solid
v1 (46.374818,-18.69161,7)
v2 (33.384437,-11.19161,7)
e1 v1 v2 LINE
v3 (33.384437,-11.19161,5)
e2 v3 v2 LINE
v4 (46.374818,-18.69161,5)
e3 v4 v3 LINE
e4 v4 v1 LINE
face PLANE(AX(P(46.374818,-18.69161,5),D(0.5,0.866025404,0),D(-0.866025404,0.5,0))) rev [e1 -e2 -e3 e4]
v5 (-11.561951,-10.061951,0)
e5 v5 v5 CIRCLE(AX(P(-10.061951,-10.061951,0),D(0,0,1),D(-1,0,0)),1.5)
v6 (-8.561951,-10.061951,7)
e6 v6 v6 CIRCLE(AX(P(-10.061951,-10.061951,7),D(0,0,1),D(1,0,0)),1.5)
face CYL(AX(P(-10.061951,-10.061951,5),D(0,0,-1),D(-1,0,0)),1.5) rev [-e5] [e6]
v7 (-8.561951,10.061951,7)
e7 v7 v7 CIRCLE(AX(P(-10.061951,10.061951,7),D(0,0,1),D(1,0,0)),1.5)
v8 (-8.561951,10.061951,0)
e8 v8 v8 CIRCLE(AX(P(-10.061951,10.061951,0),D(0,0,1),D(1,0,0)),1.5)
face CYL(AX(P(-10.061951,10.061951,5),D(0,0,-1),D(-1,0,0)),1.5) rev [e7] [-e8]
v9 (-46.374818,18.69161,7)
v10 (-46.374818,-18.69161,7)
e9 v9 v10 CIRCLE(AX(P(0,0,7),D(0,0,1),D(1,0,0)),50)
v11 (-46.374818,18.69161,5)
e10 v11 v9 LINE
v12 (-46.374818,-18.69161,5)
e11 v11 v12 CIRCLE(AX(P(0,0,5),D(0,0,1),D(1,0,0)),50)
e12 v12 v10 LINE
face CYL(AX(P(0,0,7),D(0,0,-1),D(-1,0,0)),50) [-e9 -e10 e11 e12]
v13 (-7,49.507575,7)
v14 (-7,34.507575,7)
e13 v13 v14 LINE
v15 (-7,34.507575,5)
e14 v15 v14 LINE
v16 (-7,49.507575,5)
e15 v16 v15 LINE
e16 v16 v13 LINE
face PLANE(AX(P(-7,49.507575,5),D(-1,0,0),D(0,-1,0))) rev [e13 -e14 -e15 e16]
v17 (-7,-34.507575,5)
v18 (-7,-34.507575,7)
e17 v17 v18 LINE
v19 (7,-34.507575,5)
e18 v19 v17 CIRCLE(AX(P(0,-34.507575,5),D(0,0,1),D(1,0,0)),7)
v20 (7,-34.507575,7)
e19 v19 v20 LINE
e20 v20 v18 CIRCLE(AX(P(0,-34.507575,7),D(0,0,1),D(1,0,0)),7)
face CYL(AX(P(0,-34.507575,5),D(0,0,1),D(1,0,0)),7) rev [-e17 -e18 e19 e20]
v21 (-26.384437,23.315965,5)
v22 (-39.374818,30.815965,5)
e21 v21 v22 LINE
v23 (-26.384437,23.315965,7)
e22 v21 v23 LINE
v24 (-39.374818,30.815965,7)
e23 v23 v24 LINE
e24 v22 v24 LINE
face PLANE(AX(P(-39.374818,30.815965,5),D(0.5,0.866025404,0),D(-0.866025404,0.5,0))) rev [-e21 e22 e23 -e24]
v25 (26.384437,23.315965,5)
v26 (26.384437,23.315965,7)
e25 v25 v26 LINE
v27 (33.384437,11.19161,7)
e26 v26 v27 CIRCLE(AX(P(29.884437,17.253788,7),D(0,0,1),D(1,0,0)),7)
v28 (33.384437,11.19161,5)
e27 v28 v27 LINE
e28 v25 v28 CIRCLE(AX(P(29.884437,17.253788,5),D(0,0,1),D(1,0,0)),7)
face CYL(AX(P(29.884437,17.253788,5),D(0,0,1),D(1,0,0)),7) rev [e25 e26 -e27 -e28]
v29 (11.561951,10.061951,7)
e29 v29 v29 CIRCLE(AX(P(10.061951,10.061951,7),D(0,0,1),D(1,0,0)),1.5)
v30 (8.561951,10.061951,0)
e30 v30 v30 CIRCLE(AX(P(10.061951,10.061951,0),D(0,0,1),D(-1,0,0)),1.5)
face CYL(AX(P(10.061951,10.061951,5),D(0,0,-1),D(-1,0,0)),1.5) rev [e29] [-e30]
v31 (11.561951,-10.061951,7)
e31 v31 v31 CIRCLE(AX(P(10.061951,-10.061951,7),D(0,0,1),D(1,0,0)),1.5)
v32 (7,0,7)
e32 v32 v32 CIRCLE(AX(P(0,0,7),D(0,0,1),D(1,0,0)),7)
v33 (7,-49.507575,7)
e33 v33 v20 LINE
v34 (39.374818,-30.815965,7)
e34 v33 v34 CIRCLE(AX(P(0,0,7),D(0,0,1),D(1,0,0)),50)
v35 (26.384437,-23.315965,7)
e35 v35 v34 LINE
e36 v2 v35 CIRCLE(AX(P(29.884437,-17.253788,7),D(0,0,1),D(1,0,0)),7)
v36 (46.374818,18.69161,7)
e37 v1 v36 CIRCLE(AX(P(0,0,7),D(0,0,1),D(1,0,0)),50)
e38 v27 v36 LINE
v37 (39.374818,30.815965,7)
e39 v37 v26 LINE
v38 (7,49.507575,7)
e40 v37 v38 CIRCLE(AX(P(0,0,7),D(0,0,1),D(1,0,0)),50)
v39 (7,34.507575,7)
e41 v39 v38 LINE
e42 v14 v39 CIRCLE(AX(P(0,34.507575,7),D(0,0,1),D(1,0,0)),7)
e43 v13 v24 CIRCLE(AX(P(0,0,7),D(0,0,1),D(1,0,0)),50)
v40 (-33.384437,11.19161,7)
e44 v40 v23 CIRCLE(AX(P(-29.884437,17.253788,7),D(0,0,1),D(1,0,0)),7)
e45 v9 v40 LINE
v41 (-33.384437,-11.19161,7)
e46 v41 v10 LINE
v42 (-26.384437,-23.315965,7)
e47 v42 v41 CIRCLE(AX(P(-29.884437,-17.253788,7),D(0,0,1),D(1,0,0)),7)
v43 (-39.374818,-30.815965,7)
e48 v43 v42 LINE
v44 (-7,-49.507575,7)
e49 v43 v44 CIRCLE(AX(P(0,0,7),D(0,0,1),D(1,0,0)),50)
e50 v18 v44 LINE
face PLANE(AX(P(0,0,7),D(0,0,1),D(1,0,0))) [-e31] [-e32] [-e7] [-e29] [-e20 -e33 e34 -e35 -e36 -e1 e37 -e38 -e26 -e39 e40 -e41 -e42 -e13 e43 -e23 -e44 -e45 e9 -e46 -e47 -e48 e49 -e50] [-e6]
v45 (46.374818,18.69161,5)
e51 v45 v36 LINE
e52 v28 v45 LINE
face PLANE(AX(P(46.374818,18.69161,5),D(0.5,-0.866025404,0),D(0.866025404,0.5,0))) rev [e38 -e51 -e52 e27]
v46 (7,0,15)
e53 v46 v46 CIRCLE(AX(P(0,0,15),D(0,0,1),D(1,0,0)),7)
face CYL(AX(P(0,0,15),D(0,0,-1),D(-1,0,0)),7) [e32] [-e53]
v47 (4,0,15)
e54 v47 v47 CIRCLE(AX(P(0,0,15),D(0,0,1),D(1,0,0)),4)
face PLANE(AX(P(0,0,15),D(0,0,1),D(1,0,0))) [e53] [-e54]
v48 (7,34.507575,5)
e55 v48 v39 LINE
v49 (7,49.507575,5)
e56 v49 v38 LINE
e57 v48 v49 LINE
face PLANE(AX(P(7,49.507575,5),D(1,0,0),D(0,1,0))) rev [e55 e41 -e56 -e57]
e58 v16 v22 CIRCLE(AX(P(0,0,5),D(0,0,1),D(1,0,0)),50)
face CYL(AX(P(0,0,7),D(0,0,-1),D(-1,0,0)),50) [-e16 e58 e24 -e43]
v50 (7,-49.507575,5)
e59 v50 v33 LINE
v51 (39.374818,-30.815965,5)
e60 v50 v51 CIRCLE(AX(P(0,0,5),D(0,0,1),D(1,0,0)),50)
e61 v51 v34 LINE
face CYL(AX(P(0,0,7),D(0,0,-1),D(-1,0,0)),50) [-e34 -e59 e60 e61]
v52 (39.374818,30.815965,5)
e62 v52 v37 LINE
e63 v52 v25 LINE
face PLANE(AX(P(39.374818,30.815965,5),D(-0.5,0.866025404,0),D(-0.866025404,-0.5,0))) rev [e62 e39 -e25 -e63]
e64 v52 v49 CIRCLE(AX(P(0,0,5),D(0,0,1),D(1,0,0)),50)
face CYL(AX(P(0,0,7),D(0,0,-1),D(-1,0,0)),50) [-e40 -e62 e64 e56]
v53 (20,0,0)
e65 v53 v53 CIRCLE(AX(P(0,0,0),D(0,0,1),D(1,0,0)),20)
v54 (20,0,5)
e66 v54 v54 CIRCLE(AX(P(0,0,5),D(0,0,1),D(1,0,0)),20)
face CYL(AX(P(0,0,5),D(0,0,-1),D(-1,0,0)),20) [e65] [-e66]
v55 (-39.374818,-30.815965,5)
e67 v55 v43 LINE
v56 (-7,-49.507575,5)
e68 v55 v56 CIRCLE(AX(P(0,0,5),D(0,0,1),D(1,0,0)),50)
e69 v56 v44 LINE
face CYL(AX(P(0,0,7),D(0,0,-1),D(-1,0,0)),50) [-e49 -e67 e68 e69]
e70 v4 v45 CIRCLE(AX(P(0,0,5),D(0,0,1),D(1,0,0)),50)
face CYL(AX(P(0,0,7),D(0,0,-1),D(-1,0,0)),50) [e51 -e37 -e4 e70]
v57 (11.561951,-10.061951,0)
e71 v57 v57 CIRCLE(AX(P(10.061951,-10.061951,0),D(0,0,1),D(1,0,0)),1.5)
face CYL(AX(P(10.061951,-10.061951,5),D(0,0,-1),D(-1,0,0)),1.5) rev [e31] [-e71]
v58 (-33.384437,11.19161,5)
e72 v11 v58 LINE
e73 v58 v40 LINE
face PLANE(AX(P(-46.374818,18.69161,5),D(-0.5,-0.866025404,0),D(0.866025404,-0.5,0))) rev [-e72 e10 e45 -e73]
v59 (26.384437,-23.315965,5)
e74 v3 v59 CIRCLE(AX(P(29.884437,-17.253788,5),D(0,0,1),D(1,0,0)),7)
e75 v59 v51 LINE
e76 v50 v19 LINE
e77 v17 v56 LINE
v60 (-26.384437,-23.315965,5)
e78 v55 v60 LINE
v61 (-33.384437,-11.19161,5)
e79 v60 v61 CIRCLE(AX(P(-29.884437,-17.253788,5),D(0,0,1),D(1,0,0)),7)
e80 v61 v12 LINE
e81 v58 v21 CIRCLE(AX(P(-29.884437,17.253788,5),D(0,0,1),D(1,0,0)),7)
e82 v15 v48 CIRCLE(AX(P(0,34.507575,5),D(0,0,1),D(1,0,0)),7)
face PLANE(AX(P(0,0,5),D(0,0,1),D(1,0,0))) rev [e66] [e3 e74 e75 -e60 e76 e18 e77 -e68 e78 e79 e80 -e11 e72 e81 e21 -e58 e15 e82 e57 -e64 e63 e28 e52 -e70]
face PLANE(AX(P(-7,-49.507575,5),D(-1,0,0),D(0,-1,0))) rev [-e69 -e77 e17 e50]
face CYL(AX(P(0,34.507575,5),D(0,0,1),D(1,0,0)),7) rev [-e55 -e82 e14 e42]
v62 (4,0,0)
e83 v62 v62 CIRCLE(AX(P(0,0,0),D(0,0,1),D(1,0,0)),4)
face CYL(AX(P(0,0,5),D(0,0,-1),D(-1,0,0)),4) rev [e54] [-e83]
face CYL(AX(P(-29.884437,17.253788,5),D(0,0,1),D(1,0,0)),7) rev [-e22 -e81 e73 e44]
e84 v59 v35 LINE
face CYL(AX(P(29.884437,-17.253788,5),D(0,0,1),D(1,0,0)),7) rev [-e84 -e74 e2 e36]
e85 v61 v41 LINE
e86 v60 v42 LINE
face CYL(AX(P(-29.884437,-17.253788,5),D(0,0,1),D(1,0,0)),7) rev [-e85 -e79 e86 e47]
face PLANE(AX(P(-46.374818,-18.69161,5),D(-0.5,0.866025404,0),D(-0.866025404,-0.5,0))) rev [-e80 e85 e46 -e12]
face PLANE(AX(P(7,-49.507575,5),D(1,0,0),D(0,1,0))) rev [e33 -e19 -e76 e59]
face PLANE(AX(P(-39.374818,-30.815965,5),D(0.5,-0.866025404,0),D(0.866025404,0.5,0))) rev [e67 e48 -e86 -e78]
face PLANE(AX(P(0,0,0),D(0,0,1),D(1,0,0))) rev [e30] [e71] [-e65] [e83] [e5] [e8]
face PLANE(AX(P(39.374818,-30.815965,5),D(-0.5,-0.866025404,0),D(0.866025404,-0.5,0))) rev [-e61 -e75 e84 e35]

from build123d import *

# Parameters (mm, degrees)
SKETCH1_R               = 20
SKETCH1_R_2             = 4
SKETCH1_R_3             = 1.5
BOSS_EXTRUDE1_DEPTH     = 5
SKETCH2_R               = 7
SKETCH2_R_2             = 4
BOSS_EXTRUDE2_DEPTH     = 10
SKETCH3_R               = 50
SKETCH3_R_2             = 4
BOSS_EXTRUDE3_DEPTH     = 2
CUT_EXTRUDE1_START      = -2
CUT_EXTRUDE1_DEPTH      = 2
CUT_EXTRUDE2_DEPTH      = 72.944422994
CUT_EXTRUDE2_DEPTH_BACK = 72.944422994
SKETCH5_R               = 1.5


with BuildPart() as part:
    # Sketch1 → Boss-Extrude1 (new body)
    with BuildSketch(Plane.XY):
        Circle(SKETCH1_R)
        Circle(SKETCH1_R_2, mode=Mode.SUBTRACT)
        with Locations((-10.061951403, 10.061951403)):
            Circle(SKETCH1_R_3, mode=Mode.SUBTRACT)
        with Locations(Location((10.061951403, 10.061951403, 0), (0, 0, 180))):
            Circle(SKETCH1_R_3, mode=Mode.SUBTRACT)
        with Locations((10.061951403, -10.061951403)):
            Circle(SKETCH1_R_3, mode=Mode.SUBTRACT)
        with Locations(Location((-10.061951403, -10.061951403, 0), (0, 0, 180))):
            Circle(SKETCH1_R_3, mode=Mode.SUBTRACT)
    extrude(amount=BOSS_EXTRUDE1_DEPTH)

    # Sketch2 → Boss-Extrude2 (add)
    with BuildSketch(Plane.XY.offset(5)):
        Circle(SKETCH2_R)
        Circle(SKETCH2_R_2, mode=Mode.SUBTRACT)
    extrude(amount=BOSS_EXTRUDE2_DEPTH)

    # Sketch3 → Boss-Extrude3 (add)
    with BuildSketch(Plane.XY.offset(5)):
        Circle(SKETCH3_R)
        Circle(SKETCH3_R_2, mode=Mode.SUBTRACT)
    extrude(amount=BOSS_EXTRUDE3_DEPTH)

    # Sketch4 → Cut-Extrude1 (cut)
    with BuildSketch(Plane.XY.offset(7).offset(CUT_EXTRUDE1_START)):
        with BuildLine():
            Line((-7, 49.507575178), (-7, 34.507575178))
            ThreePointArc((-7, 34.507575178), (0, 27.507575178), (7, 34.507575178))
            Line((7, 34.507575178), (7, 49.507575178))
            ThreePointArc((7, 49.507575178), (0, 50), (-7, 49.507575178))
        make_face()
        with BuildLine():
            Line((39.374817784, 30.815965415), (26.384436727, 23.315965415))
            ThreePointArc((26.384436727, 23.315965415), (23.822258901, 13.753787589), (33.384436727, 11.191609762))
            Line((33.384436727, 11.191609762), (46.374817784, 18.691609762))
            ThreePointArc((46.374817784, 18.691609762), (43.301270189, 25), (39.374817784, 30.815965415))
        make_face()
        with BuildLine():
            Line((46.374817784, -18.691609762), (33.384436727, -11.191609762))
            ThreePointArc((33.384436727, -11.191609762), (23.822258901, -13.753787589), (26.384436727, -23.315965415))
            Line((26.384436727, -23.315965415), (39.374817784, -30.815965415))
            ThreePointArc((39.374817784, -30.815965415), (43.301270189, -25), (46.374817784, -18.691609762))
        make_face()
        with BuildLine():
            Line((7, -49.507575178), (7, -34.507575178))
            ThreePointArc((7, -34.507575178), (0, -27.507575178), (-7, -34.507575178))
            Line((-7, -34.507575178), (-7, -49.507575178))
            ThreePointArc((-7, -49.507575178), (0, -50), (7, -49.507575178))
        make_face()
        with BuildLine():
            Line((-39.374817784, -30.815965415), (-26.384436727, -23.315965415))
            ThreePointArc((-26.384436727, -23.315965415), (-23.822258901, -13.753787589), (-33.384436727, -11.191609762))
            Line((-33.384436727, -11.191609762), (-46.374817784, -18.691609762))
            ThreePointArc((-46.374817784, -18.691609762), (-43.301270189, -25), (-39.374817784, -30.815965415))
        make_face()
        with BuildLine():
            Line((-46.374817784, 18.691609762), (-33.384436727, 11.191609762))
            ThreePointArc((-33.384436727, 11.191609762), (-23.822258901, 13.753787589), (-26.384436727, 23.315965415))
            Line((-26.384436727, 23.315965415), (-39.374817784, 30.815965415))
            ThreePointArc((-39.374817784, 30.815965415), (-43.301270189, 25), (-46.374817784, 18.691609762))
        make_face()
    extrude(amount=CUT_EXTRUDE1_DEPTH, mode=Mode.SUBTRACT)

    # Sketch5 → Cut-Extrude2 (cut, two sides: drawn at the far end of the back side and taken through both)
    with BuildSketch(Plane(origin=(0, 0, 0), x_dir=(-1, 0, 0), z_dir=(0, 0, -1)).offset(-CUT_EXTRUDE2_DEPTH_BACK)):
        with Locations((-10.061951403, 10.061951403)):
            Circle(SKETCH5_R)
        with Locations(Location((-10.061951403, -10.061951403, 0), (0, 0, 180))):
            Circle(SKETCH5_R)
        with Locations(Location((10.061951403, 10.061951403, 0), (0, 0, 180))):
            Circle(SKETCH5_R)
        with Locations((10.061951403, -10.061951403)):
            Circle(SKETCH5_R)
    extrude(amount=CUT_EXTRUDE2_DEPTH + CUT_EXTRUDE2_DEPTH_BACK, mode=Mode.SUBTRACT)


solid = part.part
